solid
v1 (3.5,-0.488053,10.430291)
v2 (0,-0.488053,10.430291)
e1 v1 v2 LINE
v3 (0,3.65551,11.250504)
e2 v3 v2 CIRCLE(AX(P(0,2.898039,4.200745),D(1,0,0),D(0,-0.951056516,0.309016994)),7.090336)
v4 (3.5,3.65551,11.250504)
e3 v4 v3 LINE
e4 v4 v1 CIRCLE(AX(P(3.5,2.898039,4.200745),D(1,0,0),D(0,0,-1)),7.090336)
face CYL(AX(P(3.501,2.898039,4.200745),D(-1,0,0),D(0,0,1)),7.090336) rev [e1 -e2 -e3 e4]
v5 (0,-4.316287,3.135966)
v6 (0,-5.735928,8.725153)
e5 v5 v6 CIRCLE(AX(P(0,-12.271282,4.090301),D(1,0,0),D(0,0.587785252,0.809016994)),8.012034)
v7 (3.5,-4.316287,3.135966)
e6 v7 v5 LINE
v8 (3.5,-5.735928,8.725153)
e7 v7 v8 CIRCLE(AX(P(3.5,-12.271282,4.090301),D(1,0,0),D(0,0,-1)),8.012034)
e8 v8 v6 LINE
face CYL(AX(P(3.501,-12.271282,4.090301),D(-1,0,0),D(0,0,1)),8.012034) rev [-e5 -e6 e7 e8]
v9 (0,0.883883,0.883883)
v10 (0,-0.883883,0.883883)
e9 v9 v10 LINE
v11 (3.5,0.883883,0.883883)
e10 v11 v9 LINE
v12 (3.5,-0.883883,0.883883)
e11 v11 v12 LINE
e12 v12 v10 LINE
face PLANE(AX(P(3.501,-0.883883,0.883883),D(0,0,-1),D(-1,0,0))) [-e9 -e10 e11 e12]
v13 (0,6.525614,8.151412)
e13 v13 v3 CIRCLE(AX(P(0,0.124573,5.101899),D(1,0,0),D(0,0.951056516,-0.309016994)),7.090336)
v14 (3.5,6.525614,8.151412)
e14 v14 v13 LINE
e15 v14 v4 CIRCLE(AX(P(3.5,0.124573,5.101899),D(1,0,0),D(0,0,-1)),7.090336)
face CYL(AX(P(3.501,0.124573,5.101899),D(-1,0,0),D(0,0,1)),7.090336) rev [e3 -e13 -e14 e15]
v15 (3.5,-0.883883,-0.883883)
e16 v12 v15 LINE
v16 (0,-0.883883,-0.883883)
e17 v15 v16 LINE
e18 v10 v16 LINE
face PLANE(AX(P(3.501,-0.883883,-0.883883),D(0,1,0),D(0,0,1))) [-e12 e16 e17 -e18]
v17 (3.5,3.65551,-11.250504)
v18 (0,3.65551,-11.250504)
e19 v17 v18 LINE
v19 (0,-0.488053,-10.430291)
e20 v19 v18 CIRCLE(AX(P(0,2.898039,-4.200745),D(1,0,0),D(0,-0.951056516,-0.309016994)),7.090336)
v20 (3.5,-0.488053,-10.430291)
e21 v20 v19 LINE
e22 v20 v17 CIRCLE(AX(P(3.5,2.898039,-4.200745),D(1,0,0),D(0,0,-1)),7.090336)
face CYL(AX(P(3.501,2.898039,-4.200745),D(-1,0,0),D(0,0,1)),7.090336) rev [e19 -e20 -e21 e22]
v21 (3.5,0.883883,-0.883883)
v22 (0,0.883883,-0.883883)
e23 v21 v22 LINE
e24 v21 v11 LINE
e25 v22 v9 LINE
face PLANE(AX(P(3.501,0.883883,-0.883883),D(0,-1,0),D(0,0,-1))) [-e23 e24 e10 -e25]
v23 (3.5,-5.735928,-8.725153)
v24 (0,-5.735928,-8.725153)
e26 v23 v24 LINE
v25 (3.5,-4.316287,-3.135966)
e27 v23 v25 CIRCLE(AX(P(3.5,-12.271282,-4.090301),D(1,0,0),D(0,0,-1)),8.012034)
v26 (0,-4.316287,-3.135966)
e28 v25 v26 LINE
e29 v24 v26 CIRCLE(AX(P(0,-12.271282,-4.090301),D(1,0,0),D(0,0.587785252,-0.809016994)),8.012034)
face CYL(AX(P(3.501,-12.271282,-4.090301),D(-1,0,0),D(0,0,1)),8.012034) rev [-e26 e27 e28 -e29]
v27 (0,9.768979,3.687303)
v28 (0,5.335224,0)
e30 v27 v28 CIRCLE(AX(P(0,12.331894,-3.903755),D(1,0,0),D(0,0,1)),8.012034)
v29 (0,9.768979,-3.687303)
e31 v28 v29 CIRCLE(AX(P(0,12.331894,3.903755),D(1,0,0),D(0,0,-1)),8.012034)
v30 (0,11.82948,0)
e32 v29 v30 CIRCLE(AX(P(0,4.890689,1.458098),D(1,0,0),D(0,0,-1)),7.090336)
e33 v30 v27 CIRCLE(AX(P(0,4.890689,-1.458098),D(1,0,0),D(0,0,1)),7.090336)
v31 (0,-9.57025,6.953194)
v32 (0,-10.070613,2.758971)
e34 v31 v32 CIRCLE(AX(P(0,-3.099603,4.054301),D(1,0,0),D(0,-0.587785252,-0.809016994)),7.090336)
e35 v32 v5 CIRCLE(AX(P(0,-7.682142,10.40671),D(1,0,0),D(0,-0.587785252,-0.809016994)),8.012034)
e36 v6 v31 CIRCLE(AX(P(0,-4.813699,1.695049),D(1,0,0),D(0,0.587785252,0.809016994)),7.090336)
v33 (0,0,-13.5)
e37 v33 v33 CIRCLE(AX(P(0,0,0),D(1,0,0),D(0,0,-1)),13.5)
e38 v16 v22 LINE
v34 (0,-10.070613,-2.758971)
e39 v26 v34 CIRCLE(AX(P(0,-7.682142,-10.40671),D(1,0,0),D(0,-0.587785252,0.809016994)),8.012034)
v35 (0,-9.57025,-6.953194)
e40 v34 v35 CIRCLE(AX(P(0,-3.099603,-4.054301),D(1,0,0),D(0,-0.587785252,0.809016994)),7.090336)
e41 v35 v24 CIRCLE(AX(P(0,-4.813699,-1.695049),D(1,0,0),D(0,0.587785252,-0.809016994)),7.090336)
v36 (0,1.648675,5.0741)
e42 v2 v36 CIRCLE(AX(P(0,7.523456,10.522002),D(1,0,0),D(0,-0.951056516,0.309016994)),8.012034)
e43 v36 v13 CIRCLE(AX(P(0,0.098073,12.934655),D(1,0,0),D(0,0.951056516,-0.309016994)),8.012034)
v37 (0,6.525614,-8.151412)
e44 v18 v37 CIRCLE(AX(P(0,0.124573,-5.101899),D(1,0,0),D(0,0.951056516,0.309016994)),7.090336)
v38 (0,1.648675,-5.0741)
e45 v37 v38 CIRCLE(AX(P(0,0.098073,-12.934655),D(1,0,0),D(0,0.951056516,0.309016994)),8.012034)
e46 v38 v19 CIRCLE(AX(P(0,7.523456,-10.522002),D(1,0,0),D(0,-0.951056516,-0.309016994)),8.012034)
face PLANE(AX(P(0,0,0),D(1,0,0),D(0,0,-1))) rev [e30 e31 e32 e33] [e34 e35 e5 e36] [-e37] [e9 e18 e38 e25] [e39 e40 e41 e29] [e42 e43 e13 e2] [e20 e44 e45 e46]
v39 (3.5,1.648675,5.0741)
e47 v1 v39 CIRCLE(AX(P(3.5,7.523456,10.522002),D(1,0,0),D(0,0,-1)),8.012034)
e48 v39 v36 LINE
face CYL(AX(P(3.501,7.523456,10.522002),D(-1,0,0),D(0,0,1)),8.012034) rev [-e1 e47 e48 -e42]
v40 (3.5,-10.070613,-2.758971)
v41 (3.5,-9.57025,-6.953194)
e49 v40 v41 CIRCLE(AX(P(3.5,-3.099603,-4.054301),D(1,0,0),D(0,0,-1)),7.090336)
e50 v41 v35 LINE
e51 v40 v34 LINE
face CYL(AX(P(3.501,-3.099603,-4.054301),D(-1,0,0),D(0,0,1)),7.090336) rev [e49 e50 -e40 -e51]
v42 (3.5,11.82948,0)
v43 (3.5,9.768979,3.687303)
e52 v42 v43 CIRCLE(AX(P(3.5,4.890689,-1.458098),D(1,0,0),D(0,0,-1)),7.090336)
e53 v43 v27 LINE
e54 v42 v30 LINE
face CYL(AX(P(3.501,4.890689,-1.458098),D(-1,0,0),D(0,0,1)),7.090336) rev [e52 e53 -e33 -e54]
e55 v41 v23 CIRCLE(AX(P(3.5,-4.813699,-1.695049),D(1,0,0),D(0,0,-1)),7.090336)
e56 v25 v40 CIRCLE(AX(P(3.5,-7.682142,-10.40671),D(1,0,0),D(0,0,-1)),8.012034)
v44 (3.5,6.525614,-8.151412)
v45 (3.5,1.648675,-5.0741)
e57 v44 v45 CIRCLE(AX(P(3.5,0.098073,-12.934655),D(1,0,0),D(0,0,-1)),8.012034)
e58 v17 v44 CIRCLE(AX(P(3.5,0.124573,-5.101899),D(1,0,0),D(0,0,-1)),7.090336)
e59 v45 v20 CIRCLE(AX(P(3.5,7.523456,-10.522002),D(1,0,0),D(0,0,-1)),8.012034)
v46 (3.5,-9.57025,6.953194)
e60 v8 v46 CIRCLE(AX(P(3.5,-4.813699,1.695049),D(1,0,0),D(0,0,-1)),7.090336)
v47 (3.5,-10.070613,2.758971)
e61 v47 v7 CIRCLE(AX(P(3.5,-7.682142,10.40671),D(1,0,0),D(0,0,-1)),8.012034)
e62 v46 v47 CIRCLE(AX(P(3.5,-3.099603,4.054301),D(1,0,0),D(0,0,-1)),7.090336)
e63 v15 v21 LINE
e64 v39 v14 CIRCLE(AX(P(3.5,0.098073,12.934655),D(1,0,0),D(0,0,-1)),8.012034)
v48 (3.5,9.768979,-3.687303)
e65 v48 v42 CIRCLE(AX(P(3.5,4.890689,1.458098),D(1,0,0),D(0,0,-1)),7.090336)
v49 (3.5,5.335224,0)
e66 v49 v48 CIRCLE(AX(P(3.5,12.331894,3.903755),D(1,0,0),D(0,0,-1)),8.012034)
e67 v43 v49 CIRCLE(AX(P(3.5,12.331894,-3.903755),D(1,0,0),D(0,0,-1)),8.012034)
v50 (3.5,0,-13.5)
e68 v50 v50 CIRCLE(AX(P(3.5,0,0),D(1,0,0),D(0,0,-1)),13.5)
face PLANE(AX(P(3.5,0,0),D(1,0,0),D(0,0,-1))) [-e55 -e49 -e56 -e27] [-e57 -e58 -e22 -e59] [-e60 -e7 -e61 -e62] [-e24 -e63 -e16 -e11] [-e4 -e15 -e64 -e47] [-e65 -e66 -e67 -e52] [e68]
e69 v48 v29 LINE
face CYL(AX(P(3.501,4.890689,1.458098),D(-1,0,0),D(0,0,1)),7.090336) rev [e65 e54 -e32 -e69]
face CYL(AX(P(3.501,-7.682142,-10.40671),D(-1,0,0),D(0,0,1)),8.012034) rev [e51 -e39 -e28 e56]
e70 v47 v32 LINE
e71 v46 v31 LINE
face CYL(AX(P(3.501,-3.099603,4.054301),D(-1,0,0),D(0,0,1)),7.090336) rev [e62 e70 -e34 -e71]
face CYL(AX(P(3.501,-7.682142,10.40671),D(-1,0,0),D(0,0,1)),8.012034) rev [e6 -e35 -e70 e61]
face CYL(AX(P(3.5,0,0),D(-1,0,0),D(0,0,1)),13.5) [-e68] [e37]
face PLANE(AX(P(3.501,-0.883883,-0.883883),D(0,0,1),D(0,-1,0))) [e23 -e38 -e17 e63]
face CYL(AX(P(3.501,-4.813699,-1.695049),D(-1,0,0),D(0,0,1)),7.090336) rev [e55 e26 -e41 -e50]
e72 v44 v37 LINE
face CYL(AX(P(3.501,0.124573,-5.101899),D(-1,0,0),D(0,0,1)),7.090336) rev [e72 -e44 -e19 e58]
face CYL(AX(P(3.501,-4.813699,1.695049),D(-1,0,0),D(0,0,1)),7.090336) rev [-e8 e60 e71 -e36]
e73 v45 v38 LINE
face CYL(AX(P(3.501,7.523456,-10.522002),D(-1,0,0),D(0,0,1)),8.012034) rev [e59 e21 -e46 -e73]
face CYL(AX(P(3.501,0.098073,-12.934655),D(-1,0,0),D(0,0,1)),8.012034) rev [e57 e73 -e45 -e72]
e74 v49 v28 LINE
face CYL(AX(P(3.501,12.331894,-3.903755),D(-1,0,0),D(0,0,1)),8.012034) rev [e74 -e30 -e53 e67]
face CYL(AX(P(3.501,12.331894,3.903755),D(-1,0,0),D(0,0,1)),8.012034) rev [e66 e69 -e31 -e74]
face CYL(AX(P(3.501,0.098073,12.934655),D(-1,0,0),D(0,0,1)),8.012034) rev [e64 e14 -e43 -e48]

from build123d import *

# Parameters (mm, degrees)
SKETCH1_R           = 13.5
BOSS_EXTRUDE1_DEPTH = 3.5
CUT_EXTRUDE1_REACH  = 21.41
CIRPATTERN1_COUNT   = 5
CUT_EXTRUDE2_REACH  = 21.41
SKETCH3_W           = 1.767766952
SKETCH3_H           = 1.767766952


with BuildPart() as part:
    # Sketch1 → Boss-Extrude1 (new body)
    with BuildSketch(Plane(origin=(0, 0, 0), x_dir=(0, 0, -1), z_dir=(1, 0, 0))):
        Circle(SKETCH1_R)
    extrude(amount=BOSS_EXTRUDE1_DEPTH)

    # Sketch2 → Cut-Extrude1 (cut, up to next)
    with BuildSketch(Plane(origin=(0, 0, 0), x_dir=(0, 0, -1), z_dir=(1, 0, 0)), mode=Mode.PRIVATE) as cut_extrude1_sk1:
        with BuildLine():
            ThreePointArc((0, 5.335224169), (-2.256377168, 7.208861271), (-3.687303072, 9.768979428))
            ThreePointArc((-3.687303072, 9.768979428), (-2.000654027, 11.080188439), (0, 11.829479796))
            ThreePointArc((0, 11.829479796), (2.000654027, 11.080188439), (3.687303072, 9.768979428))
            ThreePointArc((3.687303072, 9.768979428), (2.256377168, 7.208861271), (0, 5.335224169))
        make_face()
    cut_extrude1_tool1 = extrude(cut_extrude1_sk1.sketch, amount=CUT_EXTRUDE1_REACH, mode=Mode.PRIVATE) & part.part
    cut_extrude1 = cut_extrude1_tool1.solids().sort_by_distance((0, 8.878443, 0))[0]
    add(cut_extrude1, mode=Mode.SUBTRACT)

    # CirPattern1: Cut-Extrude1 ×5 about axis
    cirpattern1_axis = Axis((0, 0, 0), (1, 0, 0))
    for i in range(1, CIRPATTERN1_COUNT):
        add(cut_extrude1.rotate(cirpattern1_axis, i * 360 / CIRPATTERN1_COUNT), mode=Mode.SUBTRACT)

    # Sketch3 → Cut-Extrude2 (cut, up to next)
    with BuildSketch(Plane(origin=(0, 0, 0), x_dir=(0, 0, -1), z_dir=(1, 0, 0)), mode=Mode.PRIVATE) as cut_extrude2_sk1:
        Rectangle(SKETCH3_W, SKETCH3_H)
    cut_extrude2_tool1 = extrude(cut_extrude2_sk1.sketch, amount=CUT_EXTRUDE2_REACH, mode=Mode.PRIVATE) & part.part
    add(cut_extrude2_tool1.solids().sort_by_distance((0, 0, 0))[0], mode=Mode.SUBTRACT)


solid = part.part
